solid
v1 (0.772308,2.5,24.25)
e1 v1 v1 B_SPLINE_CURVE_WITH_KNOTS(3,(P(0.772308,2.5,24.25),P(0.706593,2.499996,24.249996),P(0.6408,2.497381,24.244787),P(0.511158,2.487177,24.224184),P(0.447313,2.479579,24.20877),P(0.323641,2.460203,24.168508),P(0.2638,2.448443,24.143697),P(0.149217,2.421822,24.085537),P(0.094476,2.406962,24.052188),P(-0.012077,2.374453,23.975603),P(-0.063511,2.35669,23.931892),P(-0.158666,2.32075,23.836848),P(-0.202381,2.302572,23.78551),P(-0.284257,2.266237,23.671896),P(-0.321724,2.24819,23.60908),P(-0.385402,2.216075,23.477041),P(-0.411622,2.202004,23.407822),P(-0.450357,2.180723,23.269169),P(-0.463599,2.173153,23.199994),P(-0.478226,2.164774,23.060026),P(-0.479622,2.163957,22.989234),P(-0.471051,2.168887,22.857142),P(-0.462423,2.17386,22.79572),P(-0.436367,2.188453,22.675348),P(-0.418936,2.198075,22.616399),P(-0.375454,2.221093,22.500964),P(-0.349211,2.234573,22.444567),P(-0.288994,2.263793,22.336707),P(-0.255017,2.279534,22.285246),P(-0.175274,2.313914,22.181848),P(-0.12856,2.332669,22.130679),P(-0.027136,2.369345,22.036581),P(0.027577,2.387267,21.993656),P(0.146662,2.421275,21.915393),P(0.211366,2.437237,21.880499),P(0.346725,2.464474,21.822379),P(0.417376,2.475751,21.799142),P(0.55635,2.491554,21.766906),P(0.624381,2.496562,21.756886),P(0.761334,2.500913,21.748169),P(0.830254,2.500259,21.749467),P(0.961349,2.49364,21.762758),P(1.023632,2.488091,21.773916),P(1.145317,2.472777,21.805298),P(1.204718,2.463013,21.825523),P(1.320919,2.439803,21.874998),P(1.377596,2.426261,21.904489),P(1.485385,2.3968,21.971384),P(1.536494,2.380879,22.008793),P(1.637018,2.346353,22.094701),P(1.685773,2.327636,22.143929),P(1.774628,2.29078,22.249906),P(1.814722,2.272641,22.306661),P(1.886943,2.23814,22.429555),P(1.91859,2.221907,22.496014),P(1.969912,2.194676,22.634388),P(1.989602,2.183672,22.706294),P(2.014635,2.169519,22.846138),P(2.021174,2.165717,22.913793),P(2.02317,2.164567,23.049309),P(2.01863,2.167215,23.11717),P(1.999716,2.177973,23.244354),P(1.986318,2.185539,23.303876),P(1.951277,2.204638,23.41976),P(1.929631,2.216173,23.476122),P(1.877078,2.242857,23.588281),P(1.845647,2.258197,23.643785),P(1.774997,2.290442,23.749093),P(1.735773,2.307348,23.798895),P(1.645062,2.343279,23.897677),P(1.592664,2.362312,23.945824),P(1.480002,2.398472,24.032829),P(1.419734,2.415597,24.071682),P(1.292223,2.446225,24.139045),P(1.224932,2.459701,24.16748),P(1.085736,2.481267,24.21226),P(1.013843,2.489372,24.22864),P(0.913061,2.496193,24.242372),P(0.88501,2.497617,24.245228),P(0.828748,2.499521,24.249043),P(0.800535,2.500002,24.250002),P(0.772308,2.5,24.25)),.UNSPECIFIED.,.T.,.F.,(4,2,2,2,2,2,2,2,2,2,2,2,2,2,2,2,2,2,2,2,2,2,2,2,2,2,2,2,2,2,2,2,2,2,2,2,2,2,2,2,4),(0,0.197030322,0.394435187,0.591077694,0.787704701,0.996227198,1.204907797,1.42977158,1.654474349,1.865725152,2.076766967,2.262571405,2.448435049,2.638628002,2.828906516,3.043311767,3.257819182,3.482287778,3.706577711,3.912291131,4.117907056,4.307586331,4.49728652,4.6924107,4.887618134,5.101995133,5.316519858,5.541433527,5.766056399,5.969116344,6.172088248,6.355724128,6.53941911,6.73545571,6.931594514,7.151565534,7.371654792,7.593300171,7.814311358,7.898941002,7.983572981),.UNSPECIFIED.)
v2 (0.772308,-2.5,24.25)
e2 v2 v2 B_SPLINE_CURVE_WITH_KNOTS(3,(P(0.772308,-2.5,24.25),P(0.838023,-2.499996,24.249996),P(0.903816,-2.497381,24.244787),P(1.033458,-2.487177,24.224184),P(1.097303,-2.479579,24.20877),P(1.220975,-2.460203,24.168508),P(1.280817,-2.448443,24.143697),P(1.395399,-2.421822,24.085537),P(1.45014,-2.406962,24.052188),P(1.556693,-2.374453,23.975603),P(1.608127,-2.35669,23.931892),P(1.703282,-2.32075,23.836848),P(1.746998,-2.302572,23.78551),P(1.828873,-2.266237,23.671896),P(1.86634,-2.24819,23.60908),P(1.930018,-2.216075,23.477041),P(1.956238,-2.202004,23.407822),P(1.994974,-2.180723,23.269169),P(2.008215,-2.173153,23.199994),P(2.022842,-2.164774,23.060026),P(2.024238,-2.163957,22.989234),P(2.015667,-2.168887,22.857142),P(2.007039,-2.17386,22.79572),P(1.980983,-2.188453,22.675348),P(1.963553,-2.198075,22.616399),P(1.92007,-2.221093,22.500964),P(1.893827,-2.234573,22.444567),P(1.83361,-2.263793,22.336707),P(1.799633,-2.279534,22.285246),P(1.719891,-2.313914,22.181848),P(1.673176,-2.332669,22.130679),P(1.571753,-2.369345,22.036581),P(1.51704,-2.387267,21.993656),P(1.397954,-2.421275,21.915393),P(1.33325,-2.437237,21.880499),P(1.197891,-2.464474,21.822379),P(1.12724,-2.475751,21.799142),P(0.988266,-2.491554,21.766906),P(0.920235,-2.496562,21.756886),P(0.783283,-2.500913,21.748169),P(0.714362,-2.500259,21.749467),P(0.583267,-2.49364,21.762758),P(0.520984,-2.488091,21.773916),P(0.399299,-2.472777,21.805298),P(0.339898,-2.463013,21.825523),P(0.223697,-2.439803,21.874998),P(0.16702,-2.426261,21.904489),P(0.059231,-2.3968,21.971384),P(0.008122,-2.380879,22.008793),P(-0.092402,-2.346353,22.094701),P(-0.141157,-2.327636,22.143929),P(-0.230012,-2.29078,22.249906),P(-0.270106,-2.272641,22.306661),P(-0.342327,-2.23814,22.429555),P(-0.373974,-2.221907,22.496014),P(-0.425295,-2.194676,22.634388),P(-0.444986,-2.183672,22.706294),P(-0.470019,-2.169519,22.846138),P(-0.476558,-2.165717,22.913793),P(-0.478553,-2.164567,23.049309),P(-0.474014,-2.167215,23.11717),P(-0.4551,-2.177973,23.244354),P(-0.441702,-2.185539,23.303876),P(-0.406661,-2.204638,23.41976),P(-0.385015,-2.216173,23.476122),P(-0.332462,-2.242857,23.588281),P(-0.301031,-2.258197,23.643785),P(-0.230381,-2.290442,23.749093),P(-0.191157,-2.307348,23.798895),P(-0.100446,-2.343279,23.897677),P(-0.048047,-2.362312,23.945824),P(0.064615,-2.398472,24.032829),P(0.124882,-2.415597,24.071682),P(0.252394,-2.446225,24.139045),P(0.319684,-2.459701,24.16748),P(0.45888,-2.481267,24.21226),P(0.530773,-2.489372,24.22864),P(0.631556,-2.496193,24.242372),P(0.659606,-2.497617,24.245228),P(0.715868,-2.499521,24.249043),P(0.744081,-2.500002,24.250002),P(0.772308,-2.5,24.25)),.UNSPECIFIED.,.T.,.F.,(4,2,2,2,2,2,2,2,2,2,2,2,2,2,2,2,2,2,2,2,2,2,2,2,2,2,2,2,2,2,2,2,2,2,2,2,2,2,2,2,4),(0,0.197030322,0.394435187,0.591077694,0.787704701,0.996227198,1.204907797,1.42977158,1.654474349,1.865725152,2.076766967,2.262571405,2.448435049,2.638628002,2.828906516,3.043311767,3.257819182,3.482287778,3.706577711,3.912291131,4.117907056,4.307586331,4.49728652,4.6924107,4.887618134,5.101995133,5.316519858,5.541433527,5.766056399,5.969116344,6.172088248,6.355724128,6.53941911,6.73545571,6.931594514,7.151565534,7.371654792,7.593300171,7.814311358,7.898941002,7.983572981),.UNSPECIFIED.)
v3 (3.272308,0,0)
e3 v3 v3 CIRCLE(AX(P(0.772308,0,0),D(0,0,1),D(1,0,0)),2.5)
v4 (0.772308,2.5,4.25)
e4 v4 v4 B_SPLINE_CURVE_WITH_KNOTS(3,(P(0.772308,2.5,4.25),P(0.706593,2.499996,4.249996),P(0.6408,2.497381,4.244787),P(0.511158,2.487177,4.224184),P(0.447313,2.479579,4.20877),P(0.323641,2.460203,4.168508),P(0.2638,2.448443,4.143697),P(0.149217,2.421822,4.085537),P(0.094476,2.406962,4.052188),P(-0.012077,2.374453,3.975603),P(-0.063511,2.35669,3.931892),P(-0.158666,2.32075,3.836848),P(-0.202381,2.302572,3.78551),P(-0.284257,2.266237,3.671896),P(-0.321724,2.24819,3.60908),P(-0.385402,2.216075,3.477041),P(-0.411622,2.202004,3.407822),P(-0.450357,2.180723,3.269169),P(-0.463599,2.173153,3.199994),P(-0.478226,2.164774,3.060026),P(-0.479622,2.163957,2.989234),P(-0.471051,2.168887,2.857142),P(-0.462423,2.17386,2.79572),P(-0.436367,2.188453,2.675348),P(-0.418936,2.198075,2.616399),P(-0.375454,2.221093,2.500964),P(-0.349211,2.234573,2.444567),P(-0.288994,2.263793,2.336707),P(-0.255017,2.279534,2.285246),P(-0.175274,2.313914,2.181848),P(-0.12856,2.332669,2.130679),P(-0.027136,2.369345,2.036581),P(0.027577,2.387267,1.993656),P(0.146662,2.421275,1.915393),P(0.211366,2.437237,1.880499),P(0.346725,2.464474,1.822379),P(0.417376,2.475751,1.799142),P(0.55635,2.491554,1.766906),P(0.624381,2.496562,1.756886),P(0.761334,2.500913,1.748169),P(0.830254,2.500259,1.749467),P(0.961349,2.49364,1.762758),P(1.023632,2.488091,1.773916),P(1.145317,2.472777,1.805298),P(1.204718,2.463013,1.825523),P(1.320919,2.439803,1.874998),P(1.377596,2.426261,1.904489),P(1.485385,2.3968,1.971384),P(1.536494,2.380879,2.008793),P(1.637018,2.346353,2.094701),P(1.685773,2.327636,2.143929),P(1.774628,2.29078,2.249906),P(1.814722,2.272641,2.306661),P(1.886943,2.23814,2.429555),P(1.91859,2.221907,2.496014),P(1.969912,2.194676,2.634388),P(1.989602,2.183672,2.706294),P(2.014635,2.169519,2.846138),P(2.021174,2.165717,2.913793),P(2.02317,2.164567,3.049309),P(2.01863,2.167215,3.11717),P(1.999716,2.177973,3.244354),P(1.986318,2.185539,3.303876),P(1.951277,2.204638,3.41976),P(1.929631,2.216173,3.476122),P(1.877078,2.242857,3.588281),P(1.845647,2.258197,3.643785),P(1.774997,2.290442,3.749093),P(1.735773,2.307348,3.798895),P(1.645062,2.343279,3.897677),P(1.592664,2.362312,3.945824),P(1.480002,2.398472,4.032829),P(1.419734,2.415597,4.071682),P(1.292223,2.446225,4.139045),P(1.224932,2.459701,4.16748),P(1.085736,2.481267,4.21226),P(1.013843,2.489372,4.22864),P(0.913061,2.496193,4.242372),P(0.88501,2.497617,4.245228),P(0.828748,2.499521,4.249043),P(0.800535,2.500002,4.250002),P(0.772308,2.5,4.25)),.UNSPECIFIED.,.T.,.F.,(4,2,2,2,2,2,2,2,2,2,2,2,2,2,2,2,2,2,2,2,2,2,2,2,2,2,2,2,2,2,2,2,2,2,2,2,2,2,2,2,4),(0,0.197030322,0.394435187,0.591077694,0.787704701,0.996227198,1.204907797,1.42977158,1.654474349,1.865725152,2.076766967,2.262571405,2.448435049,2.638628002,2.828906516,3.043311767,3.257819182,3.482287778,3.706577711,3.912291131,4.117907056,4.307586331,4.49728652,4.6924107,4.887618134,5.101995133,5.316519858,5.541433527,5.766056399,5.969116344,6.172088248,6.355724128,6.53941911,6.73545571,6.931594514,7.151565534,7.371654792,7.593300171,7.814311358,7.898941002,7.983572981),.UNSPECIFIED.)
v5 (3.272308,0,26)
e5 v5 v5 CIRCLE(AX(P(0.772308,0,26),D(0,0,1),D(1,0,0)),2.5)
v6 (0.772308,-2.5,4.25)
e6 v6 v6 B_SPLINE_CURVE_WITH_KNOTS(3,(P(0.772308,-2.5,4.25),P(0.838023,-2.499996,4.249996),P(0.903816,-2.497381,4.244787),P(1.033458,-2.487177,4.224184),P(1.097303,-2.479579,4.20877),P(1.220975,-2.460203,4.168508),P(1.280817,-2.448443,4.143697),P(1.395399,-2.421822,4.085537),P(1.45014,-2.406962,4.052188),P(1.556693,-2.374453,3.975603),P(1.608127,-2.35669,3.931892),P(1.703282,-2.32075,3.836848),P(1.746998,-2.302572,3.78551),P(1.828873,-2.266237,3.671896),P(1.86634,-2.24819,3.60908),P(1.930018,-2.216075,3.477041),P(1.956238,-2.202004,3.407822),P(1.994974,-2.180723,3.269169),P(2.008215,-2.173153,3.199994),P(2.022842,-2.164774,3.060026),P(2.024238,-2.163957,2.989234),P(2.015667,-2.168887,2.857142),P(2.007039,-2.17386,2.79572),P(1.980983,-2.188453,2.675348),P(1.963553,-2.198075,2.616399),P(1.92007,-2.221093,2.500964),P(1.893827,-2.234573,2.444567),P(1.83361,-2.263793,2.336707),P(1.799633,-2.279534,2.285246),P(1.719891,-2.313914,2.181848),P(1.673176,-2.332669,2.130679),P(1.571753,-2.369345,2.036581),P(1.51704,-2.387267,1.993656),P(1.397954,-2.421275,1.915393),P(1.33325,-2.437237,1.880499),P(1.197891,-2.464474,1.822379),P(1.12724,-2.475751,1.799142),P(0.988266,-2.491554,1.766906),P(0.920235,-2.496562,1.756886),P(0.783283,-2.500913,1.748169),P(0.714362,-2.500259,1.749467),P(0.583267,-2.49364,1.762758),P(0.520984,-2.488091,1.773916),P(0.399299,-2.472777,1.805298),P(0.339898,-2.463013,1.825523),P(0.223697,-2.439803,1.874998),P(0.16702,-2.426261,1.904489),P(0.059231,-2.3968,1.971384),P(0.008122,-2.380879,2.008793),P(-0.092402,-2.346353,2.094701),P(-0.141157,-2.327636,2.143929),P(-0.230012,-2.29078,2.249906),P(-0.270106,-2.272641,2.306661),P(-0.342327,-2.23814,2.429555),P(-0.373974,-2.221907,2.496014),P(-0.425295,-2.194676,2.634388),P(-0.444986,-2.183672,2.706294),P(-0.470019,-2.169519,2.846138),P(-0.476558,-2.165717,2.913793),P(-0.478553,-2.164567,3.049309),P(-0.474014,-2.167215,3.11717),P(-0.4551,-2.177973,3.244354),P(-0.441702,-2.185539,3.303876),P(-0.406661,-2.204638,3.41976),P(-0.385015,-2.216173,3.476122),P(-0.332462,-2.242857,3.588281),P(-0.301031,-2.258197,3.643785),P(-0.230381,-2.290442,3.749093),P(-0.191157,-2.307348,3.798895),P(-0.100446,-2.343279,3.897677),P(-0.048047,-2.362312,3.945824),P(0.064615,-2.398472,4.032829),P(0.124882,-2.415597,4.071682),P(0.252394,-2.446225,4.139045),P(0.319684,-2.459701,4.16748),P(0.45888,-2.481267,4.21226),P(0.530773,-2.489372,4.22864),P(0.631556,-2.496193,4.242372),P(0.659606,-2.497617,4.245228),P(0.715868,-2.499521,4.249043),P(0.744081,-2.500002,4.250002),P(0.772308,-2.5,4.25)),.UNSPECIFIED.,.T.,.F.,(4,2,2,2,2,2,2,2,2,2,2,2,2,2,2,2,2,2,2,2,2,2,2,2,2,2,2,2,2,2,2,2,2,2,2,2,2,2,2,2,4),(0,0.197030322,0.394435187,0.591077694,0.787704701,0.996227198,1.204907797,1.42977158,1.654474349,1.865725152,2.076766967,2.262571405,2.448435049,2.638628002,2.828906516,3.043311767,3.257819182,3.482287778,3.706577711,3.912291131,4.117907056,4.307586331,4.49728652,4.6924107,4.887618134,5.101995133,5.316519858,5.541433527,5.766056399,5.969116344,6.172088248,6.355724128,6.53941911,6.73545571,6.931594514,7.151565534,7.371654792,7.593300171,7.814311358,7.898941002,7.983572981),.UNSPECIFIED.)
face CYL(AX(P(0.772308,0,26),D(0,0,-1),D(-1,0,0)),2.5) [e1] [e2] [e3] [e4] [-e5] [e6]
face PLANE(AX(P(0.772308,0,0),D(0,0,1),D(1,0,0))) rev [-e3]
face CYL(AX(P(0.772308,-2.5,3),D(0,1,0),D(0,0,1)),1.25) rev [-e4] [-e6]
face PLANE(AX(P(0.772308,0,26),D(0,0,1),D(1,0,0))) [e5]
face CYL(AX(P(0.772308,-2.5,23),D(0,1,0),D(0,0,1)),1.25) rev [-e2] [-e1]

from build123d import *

# Parameters (mm, degrees)
SKETCH1_R               = 2.5
BOSS_EXTRUDE1_DEPTH     = 26
SKETCH2_R               = 1.25
CUT_EXTRUDE1_DEPTH      = 3.5
CUT_EXTRUDE1_DEPTH_BACK = 3.5


with BuildPart() as part:
    # Sketch1 → Boss-Extrude1 (new body)
    with BuildSketch(Plane.XY):
        with Locations((0.77230809, 0)):
            Circle(SKETCH1_R)
    extrude(amount=BOSS_EXTRUDE1_DEPTH)

    # Sketch2 → Cut-Extrude1 (cut, two sides)
    with BuildSketch(Plane(origin=(0, 0, 0), x_dir=(1, 0, 0), z_dir=(0, 1, 0))) as cut_extrude1_sk:
        with Locations((0.77230809, -3)):
            Circle(SKETCH2_R)
        with Locations((0.77230809, -23)):
            Circle(SKETCH2_R)
    extrude(amount=CUT_EXTRUDE1_DEPTH, mode=Mode.SUBTRACT)
    extrude(cut_extrude1_sk.sketch, amount=-CUT_EXTRUDE1_DEPTH_BACK, mode=Mode.SUBTRACT)


solid = part.part
